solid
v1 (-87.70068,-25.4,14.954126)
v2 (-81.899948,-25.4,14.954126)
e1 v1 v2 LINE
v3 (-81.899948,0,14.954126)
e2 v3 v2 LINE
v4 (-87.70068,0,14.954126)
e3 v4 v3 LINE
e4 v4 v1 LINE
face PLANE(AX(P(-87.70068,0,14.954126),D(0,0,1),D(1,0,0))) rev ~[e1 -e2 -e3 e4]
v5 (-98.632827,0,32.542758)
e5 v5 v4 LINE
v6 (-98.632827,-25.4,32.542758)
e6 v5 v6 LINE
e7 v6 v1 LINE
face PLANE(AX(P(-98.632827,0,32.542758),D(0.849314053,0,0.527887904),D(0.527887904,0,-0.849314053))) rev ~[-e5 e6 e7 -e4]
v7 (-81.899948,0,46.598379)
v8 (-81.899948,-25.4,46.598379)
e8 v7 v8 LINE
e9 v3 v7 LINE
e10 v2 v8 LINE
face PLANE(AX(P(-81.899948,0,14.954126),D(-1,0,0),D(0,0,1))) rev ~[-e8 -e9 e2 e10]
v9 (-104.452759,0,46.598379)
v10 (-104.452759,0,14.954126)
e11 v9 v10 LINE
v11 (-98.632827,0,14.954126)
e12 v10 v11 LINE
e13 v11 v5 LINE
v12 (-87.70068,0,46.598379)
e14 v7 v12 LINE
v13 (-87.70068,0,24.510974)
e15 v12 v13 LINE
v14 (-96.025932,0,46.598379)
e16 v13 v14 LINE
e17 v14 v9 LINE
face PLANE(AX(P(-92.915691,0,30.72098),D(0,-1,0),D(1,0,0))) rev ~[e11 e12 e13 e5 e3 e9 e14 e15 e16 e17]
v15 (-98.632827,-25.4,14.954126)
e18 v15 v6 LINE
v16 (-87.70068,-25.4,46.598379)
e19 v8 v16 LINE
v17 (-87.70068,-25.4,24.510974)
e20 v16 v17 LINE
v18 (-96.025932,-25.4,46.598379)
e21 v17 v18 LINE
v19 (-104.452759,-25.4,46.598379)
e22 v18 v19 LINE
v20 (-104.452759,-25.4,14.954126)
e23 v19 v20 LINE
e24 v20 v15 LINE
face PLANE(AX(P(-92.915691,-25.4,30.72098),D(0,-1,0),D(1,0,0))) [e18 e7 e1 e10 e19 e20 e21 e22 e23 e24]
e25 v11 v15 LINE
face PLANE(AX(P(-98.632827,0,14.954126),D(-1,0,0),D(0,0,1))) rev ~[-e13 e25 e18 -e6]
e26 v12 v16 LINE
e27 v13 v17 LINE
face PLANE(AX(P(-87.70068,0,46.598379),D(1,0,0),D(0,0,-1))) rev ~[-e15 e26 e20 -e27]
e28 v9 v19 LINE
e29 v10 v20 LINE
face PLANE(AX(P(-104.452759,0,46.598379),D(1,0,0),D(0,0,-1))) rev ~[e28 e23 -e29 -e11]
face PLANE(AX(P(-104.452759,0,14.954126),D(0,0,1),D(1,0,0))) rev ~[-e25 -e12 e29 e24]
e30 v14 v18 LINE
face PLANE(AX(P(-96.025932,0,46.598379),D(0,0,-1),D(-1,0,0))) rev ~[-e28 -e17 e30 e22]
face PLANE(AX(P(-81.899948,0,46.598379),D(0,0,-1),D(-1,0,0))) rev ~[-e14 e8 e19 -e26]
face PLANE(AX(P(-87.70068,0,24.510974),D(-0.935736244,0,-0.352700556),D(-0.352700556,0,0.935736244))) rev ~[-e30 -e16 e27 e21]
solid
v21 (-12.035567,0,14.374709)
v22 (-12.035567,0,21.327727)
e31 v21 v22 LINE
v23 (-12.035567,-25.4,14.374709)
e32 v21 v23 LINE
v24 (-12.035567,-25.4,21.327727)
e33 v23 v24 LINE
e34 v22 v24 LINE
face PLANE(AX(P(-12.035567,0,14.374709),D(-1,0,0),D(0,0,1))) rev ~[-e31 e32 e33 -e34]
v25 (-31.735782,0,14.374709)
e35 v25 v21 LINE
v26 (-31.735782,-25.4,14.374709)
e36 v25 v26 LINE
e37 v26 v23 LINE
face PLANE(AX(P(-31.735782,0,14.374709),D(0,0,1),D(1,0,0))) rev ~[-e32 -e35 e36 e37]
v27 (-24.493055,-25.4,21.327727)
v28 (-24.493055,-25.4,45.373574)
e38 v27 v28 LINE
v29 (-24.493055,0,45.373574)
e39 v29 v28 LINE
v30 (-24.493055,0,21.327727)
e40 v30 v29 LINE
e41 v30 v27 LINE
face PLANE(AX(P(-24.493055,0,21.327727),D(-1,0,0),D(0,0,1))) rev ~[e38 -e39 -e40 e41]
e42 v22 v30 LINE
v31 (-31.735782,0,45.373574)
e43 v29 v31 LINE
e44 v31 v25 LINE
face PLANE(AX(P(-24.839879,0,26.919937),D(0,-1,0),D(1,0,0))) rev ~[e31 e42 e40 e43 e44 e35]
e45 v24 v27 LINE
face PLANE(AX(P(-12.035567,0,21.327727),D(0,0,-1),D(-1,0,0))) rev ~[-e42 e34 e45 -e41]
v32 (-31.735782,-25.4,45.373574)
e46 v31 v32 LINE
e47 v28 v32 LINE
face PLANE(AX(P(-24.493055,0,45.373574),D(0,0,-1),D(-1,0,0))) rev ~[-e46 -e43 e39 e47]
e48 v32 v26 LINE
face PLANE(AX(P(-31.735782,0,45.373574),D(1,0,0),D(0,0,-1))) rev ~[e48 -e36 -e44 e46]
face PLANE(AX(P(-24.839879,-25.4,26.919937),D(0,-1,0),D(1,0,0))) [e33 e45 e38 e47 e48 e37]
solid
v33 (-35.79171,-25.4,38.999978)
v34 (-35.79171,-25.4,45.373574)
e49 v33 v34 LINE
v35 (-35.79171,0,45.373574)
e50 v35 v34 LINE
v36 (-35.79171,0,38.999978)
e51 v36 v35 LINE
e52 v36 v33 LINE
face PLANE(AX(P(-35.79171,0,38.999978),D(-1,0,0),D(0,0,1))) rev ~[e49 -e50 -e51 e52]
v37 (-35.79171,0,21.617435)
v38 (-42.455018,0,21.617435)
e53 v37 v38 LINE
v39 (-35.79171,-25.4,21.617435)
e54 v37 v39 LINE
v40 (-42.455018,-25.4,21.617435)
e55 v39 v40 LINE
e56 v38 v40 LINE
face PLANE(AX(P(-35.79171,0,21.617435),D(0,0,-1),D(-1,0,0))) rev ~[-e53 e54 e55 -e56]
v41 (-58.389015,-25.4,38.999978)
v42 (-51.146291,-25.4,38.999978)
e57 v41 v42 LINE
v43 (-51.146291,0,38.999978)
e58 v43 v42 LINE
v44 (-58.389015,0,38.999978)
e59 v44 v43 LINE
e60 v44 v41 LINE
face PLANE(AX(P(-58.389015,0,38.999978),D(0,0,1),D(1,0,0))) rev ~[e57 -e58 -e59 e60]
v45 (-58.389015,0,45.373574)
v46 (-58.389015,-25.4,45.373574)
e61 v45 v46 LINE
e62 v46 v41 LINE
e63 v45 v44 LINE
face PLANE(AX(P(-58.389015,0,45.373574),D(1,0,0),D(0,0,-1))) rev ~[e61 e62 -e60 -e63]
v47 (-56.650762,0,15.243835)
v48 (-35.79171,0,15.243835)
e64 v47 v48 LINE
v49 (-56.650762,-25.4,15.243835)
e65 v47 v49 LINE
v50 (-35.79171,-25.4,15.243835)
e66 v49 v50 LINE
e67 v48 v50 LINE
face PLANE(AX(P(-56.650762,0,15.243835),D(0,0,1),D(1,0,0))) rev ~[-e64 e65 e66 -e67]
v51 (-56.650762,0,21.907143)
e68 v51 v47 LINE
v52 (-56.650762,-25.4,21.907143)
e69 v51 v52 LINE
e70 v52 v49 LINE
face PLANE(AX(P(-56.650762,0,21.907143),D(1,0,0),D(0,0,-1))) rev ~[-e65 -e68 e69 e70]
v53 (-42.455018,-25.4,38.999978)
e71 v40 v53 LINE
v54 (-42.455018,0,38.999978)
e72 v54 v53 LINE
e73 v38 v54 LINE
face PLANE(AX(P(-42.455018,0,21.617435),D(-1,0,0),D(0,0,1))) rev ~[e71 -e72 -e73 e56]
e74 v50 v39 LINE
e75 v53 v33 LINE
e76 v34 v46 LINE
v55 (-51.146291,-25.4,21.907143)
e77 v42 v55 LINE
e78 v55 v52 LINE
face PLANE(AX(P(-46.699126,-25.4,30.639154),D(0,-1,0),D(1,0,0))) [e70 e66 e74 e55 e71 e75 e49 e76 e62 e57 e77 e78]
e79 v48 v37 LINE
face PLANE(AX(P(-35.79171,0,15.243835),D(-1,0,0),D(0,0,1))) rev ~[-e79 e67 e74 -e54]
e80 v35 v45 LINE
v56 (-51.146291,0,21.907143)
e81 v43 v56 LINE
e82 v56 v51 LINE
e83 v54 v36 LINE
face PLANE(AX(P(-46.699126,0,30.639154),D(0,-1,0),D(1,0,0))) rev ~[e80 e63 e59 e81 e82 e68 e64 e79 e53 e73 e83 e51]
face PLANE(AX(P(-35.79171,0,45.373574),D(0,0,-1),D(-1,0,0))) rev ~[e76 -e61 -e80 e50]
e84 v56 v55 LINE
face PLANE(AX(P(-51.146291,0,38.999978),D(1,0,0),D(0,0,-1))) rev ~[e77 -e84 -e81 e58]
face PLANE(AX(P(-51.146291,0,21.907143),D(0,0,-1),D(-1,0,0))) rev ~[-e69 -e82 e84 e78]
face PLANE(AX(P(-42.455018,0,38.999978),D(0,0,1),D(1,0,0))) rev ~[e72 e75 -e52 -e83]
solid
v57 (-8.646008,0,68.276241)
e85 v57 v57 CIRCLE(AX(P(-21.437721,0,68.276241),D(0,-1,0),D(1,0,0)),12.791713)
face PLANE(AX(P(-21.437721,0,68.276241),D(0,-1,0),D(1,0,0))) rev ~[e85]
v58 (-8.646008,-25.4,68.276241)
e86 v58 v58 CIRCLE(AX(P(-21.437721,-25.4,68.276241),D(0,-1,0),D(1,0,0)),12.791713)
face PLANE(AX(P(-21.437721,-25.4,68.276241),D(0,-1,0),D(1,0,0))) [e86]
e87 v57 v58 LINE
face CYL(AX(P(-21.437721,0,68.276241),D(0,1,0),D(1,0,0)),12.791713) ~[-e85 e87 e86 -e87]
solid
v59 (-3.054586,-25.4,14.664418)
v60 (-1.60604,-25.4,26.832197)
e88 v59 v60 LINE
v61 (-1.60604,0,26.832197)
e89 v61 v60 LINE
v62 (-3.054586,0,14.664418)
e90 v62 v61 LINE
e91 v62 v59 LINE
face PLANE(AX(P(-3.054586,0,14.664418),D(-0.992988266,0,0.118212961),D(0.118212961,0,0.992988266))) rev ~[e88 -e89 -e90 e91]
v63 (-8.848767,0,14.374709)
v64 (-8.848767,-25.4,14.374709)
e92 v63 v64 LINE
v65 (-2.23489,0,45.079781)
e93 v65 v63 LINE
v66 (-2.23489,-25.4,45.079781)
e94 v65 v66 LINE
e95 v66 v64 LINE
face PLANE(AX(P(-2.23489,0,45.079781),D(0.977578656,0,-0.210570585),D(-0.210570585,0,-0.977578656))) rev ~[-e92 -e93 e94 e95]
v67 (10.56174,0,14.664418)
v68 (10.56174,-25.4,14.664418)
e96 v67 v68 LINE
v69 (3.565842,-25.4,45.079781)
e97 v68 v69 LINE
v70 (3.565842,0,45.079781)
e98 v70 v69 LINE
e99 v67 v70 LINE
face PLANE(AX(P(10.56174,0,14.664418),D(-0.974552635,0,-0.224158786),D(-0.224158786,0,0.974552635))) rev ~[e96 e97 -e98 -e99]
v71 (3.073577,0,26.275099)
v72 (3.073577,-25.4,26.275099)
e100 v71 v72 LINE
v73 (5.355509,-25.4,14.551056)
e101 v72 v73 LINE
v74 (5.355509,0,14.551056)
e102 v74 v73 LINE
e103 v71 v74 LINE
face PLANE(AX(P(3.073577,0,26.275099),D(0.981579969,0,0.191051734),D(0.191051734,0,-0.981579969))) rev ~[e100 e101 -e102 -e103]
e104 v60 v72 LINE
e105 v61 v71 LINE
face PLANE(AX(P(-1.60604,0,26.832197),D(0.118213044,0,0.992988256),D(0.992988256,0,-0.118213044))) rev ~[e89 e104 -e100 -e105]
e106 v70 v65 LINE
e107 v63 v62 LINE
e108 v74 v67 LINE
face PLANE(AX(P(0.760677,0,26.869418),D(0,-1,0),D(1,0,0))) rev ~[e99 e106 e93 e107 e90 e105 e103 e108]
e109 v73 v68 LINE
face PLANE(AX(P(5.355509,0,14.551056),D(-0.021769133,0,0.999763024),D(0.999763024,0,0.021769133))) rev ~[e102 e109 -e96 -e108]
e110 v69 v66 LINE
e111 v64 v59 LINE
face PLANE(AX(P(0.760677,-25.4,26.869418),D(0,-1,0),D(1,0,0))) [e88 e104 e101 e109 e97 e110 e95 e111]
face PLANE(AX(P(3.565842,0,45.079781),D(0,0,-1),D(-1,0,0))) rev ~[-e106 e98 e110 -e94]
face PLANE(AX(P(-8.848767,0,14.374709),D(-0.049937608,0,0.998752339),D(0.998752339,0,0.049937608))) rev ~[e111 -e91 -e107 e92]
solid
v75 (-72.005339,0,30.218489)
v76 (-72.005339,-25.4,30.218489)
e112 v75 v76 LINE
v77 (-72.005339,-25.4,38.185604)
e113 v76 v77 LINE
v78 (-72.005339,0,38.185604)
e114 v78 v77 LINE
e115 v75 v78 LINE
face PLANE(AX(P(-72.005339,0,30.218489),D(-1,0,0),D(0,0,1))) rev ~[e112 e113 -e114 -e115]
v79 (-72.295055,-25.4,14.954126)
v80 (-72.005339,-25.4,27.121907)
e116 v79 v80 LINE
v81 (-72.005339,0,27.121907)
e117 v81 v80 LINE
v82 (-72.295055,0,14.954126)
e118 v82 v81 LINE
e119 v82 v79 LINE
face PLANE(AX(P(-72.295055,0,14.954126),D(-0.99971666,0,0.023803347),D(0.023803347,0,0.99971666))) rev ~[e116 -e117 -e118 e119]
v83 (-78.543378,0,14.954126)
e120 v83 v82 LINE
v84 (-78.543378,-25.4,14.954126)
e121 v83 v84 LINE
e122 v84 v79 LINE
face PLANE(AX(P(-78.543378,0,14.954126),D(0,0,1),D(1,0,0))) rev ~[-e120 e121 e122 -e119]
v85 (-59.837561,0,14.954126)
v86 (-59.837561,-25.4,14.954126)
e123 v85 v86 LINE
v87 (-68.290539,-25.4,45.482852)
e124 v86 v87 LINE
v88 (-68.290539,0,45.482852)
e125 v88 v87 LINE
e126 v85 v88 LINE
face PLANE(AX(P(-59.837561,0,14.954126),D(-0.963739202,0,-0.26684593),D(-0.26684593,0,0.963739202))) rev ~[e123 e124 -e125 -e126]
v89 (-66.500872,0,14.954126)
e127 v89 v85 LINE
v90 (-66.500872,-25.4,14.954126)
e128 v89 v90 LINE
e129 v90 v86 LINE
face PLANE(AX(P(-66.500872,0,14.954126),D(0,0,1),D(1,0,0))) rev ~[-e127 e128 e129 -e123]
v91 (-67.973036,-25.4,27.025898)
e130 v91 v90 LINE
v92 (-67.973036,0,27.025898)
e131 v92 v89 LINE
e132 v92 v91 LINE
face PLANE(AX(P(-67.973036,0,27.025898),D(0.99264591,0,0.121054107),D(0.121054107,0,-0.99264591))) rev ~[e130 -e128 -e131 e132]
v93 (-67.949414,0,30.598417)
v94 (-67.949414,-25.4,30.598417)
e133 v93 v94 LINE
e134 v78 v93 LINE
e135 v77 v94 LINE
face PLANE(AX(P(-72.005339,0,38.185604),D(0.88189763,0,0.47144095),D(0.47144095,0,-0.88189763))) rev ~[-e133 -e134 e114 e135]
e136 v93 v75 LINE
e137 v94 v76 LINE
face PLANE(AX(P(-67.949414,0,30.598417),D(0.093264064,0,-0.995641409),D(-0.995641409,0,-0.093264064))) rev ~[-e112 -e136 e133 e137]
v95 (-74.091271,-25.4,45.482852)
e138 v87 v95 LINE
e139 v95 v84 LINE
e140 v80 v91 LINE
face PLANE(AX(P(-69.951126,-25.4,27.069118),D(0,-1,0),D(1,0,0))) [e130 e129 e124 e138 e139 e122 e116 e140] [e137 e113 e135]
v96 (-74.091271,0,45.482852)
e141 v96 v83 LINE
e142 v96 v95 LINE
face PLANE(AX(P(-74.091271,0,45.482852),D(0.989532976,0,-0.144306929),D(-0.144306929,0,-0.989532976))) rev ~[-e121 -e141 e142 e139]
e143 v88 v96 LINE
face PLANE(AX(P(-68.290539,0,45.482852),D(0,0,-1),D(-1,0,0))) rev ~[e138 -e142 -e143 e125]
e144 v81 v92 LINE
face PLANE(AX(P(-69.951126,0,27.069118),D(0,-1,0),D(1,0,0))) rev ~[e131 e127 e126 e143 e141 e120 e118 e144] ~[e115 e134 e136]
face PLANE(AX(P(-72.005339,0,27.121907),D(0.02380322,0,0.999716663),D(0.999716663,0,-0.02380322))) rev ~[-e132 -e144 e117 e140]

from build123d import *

# Parameters (mm, degrees)
F0_R     = 12.791713
F1_DEPTH = 25.4


with BuildPart() as f1:
    # F0 (on Front) → F1 (new body)
    with BuildSketch(Plane.XZ):
        Polygon((-96.025932, 46.598379), (-104.452759, 46.598379), (-104.452759, 14.954126), (-98.632827, 14.954126), (-98.632827, 32.542758), (-87.70068, 14.954126), (-81.899948, 14.954126), (-81.899948, 46.598379), (-87.70068, 46.598379), (-87.70068, 24.510974), align=None)
        Polygon((-74.091271, 45.482852), (-78.543378, 14.954126), (-72.295055, 14.954126), (-72.005339, 27.121907), (-67.973036, 27.025898), (-66.500872, 14.954126), (-59.837561, 14.954126), (-68.290539, 45.482852), align=None)
        Polygon((-72.005339, 38.185604), (-67.949414, 30.598417), (-72.005339, 30.218489), align=None, mode=Mode.SUBTRACT)
        Polygon((-56.650762, 21.907143), (-56.650762, 15.243835), (-35.79171, 15.243835), (-35.79171, 21.617435), (-42.455018, 21.617435), (-42.455018, 38.999978), (-35.79171, 38.999978), (-35.79171, 45.373574), (-58.389015, 45.373574), (-58.389015, 38.999978), (-51.146291, 38.999978), (-51.146291, 21.907143), align=None)
        Polygon((-24.493055, 45.373574), (-31.735782, 45.373574), (-31.735782, 14.374709), (-12.035567, 14.374709), (-12.035567, 21.327727), (-24.493055, 21.327727), align=None)
        Polygon((-2.23489, 45.079781), (-8.848767, 14.374709), (-3.054586, 14.664418), (-1.60604, 26.832197), (3.073577, 26.275099), (5.355509, 14.551056), (10.56174, 14.664418), (3.565842, 45.079781), align=None)
        with Locations((-21.437721, 68.276241)):
            Circle(F0_R)
    extrude(amount=F1_DEPTH)


solid = f1.part
